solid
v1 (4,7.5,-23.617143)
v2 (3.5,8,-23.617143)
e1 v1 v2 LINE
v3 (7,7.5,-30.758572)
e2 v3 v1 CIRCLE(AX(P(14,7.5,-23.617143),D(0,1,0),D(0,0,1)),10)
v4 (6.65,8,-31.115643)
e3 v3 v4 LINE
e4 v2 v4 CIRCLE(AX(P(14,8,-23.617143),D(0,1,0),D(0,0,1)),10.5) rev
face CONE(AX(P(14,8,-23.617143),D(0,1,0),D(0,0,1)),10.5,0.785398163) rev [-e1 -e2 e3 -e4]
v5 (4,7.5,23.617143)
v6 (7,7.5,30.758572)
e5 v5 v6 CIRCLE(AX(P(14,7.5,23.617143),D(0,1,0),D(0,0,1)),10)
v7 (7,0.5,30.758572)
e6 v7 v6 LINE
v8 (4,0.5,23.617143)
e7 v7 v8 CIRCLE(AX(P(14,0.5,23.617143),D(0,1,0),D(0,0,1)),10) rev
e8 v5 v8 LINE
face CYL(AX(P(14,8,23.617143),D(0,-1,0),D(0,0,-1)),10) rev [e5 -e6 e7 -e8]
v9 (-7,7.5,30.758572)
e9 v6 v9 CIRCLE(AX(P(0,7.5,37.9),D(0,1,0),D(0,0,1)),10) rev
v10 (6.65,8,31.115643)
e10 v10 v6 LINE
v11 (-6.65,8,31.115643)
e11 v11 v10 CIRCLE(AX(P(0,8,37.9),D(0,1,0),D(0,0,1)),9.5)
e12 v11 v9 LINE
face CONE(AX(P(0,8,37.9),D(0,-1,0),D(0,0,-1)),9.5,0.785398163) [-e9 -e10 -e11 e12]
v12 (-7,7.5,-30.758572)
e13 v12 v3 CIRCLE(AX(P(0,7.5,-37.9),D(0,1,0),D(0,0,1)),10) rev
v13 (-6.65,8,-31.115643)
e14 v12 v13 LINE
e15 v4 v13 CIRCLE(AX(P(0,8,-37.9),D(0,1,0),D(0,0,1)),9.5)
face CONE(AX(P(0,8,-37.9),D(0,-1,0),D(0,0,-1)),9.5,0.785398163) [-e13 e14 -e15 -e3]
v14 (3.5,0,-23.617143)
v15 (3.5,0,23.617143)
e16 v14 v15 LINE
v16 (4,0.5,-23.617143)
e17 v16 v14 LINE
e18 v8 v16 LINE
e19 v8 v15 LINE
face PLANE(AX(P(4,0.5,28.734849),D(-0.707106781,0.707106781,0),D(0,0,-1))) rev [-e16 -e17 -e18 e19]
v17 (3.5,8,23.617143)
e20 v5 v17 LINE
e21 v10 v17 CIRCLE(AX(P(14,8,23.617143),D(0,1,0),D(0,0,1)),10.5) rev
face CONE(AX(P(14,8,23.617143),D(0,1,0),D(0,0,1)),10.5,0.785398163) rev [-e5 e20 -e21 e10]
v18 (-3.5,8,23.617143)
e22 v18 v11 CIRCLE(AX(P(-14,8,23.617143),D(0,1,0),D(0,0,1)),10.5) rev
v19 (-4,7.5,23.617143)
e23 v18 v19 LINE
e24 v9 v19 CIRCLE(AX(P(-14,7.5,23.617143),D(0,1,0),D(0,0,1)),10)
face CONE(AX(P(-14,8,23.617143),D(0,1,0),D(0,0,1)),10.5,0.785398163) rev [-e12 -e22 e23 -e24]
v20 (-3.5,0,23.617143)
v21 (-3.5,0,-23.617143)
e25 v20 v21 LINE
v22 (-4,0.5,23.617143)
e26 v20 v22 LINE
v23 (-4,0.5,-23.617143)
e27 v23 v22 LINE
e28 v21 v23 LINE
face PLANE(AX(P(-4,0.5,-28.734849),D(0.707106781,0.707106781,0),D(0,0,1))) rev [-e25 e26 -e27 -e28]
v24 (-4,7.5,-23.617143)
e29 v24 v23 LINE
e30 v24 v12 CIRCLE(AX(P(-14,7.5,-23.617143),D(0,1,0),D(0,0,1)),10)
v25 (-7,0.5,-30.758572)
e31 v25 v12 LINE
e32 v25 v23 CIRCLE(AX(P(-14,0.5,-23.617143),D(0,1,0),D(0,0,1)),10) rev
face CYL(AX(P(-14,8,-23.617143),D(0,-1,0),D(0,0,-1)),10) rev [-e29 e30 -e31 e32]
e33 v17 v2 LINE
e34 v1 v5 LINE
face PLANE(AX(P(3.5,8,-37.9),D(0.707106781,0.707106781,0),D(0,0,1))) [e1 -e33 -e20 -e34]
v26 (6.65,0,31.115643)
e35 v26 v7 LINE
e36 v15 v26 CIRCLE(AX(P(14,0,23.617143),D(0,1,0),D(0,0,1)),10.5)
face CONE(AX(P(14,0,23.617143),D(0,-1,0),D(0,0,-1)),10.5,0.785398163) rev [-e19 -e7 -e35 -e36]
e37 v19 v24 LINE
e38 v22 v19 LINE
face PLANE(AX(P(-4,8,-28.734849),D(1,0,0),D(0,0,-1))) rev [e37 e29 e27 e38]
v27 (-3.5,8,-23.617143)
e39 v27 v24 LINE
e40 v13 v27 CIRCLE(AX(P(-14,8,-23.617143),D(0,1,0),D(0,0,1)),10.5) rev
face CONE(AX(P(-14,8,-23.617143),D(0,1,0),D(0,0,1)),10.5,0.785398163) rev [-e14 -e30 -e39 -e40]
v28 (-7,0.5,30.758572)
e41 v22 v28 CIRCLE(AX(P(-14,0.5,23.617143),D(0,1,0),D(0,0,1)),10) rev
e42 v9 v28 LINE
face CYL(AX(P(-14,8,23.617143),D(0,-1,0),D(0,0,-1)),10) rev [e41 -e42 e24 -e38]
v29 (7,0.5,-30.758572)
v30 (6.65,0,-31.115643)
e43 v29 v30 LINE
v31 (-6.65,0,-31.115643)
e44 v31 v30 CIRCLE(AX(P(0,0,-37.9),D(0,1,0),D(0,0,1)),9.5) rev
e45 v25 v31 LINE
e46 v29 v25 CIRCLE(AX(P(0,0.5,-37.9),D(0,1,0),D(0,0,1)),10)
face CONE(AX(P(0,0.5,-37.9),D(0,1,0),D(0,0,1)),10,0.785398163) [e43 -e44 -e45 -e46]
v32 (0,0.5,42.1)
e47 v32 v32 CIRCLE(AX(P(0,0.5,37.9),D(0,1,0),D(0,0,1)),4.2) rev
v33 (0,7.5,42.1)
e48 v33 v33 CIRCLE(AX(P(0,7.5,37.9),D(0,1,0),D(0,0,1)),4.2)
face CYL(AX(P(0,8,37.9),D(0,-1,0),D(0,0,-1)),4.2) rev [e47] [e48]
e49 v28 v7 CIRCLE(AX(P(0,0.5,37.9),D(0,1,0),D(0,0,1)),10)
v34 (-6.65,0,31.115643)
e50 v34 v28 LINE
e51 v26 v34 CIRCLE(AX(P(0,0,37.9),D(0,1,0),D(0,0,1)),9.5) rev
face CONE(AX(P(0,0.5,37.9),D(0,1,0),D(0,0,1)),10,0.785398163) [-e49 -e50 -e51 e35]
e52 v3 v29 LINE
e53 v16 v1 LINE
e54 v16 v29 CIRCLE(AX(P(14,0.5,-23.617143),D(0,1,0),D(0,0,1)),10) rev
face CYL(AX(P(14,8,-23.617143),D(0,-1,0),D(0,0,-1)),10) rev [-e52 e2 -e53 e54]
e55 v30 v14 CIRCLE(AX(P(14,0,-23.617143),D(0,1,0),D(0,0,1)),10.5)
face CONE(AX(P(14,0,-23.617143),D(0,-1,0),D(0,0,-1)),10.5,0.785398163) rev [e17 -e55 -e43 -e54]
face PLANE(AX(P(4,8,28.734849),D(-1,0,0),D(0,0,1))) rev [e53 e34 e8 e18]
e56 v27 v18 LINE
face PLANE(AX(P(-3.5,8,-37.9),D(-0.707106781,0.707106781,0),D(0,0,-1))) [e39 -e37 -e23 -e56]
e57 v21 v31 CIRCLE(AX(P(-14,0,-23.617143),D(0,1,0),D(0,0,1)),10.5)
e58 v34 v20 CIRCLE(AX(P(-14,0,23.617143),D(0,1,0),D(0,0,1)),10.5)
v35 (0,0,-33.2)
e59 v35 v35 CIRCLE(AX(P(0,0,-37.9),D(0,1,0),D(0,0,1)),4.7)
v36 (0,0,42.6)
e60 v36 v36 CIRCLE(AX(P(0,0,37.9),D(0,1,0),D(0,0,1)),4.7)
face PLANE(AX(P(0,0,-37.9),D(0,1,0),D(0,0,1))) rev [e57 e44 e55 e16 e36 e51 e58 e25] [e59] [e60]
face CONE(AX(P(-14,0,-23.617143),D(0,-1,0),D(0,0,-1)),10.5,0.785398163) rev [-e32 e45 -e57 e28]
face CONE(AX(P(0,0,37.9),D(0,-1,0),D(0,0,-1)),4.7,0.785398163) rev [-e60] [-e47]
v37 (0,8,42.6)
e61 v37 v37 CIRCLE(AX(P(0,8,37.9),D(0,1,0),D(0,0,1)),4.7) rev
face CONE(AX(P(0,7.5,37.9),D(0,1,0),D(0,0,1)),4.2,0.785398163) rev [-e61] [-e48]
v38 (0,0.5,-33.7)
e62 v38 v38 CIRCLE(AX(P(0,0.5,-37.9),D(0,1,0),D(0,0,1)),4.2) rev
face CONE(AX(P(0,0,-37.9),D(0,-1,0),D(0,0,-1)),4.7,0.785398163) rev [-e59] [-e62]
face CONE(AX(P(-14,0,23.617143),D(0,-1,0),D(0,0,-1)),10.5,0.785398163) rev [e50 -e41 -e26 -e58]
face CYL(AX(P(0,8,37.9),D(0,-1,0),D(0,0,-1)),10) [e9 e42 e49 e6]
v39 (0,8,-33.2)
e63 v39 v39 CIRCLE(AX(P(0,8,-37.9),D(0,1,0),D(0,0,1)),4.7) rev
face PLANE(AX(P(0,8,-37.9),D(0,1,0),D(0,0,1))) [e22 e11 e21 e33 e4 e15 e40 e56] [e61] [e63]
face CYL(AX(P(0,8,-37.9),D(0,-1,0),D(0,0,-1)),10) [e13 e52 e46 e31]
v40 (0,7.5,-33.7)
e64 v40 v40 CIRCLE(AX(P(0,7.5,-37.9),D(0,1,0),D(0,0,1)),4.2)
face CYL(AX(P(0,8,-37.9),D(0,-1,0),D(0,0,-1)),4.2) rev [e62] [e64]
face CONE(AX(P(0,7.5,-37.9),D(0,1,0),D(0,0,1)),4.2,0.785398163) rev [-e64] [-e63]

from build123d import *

# Parameters (mm, degrees)
SKETCH1_R           = 4.2
BOSS_EXTRUDE1_DEPTH = 8
FILLET1_R           = 10
CHAMFER1_SIZE       = 0.5


with BuildPart() as part:
    # Sketch1 → Boss-Extrude1 (new body)
    with BuildSketch(Plane(origin=(0, 0, 0), x_dir=(1, 0, 0), z_dir=(0, 1, 0))):
        with BuildLine():
            Line((-4, 28.73484861), (-4, -28.73484861))
            ThreePointArc((-4, -28.73484861), (0, -47.9), (4, -28.73484861))
            Line((4, -28.73484861), (4, 28.73484861))
            ThreePointArc((4, 28.73484861), (0, 47.9), (-4, 28.73484861))
        make_face()
        with Locations((0, 37.9)):
            Circle(SKETCH1_R, mode=Mode.SUBTRACT)
        with Locations((0, -37.9)):
            Circle(SKETCH1_R, mode=Mode.SUBTRACT)
    extrude(amount=BOSS_EXTRUDE1_DEPTH)

    # Fillet1
    fillet1_edges = [part.edges().sort_by_distance(p)[0] for p in [
        (4, 4, -28.73484861),
        (4, 4, 28.73484861),
        (-4, 4, 28.73484861),
        (-4, 4, -28.73484861),
    ]]
    fillet(fillet1_edges, radius=FILLET1_R)

    # Chamfer1
    chamfer1_edges = [part.edges().sort_by_distance(p)[0] for p in [
        (-4.2, 0, -37.9),
        (-4.2, 8, -37.9),
        (-4.2, 0, 37.9),
        (-4.2, 8, 37.9),
        (4, 0, 0),
        (4, 8, 0),
        (0, 0, 47.9),
        (0, 8, 47.9),
        (0, 0, -47.9),
        (0, 8, -47.9),
        (-4, 0, 0),
        (-4, 8, 0),
        (4.780455543, 0, 27.490126489),
        (4.780455543, 8, 27.490126489),
        (4.780455543, 0, -27.490126489),
        (4.780455543, 8, -27.490126489),
        (-4.780455543, 0, -27.490126489),
        (-4.780455543, 8, -27.490126489),
        (-4.780455543, 0, 27.490126489),
        (-4.780455543, 8, 27.490126489),
    ]]
    chamfer(chamfer1_edges, length=CHAMFER1_SIZE)


solid = part.part
